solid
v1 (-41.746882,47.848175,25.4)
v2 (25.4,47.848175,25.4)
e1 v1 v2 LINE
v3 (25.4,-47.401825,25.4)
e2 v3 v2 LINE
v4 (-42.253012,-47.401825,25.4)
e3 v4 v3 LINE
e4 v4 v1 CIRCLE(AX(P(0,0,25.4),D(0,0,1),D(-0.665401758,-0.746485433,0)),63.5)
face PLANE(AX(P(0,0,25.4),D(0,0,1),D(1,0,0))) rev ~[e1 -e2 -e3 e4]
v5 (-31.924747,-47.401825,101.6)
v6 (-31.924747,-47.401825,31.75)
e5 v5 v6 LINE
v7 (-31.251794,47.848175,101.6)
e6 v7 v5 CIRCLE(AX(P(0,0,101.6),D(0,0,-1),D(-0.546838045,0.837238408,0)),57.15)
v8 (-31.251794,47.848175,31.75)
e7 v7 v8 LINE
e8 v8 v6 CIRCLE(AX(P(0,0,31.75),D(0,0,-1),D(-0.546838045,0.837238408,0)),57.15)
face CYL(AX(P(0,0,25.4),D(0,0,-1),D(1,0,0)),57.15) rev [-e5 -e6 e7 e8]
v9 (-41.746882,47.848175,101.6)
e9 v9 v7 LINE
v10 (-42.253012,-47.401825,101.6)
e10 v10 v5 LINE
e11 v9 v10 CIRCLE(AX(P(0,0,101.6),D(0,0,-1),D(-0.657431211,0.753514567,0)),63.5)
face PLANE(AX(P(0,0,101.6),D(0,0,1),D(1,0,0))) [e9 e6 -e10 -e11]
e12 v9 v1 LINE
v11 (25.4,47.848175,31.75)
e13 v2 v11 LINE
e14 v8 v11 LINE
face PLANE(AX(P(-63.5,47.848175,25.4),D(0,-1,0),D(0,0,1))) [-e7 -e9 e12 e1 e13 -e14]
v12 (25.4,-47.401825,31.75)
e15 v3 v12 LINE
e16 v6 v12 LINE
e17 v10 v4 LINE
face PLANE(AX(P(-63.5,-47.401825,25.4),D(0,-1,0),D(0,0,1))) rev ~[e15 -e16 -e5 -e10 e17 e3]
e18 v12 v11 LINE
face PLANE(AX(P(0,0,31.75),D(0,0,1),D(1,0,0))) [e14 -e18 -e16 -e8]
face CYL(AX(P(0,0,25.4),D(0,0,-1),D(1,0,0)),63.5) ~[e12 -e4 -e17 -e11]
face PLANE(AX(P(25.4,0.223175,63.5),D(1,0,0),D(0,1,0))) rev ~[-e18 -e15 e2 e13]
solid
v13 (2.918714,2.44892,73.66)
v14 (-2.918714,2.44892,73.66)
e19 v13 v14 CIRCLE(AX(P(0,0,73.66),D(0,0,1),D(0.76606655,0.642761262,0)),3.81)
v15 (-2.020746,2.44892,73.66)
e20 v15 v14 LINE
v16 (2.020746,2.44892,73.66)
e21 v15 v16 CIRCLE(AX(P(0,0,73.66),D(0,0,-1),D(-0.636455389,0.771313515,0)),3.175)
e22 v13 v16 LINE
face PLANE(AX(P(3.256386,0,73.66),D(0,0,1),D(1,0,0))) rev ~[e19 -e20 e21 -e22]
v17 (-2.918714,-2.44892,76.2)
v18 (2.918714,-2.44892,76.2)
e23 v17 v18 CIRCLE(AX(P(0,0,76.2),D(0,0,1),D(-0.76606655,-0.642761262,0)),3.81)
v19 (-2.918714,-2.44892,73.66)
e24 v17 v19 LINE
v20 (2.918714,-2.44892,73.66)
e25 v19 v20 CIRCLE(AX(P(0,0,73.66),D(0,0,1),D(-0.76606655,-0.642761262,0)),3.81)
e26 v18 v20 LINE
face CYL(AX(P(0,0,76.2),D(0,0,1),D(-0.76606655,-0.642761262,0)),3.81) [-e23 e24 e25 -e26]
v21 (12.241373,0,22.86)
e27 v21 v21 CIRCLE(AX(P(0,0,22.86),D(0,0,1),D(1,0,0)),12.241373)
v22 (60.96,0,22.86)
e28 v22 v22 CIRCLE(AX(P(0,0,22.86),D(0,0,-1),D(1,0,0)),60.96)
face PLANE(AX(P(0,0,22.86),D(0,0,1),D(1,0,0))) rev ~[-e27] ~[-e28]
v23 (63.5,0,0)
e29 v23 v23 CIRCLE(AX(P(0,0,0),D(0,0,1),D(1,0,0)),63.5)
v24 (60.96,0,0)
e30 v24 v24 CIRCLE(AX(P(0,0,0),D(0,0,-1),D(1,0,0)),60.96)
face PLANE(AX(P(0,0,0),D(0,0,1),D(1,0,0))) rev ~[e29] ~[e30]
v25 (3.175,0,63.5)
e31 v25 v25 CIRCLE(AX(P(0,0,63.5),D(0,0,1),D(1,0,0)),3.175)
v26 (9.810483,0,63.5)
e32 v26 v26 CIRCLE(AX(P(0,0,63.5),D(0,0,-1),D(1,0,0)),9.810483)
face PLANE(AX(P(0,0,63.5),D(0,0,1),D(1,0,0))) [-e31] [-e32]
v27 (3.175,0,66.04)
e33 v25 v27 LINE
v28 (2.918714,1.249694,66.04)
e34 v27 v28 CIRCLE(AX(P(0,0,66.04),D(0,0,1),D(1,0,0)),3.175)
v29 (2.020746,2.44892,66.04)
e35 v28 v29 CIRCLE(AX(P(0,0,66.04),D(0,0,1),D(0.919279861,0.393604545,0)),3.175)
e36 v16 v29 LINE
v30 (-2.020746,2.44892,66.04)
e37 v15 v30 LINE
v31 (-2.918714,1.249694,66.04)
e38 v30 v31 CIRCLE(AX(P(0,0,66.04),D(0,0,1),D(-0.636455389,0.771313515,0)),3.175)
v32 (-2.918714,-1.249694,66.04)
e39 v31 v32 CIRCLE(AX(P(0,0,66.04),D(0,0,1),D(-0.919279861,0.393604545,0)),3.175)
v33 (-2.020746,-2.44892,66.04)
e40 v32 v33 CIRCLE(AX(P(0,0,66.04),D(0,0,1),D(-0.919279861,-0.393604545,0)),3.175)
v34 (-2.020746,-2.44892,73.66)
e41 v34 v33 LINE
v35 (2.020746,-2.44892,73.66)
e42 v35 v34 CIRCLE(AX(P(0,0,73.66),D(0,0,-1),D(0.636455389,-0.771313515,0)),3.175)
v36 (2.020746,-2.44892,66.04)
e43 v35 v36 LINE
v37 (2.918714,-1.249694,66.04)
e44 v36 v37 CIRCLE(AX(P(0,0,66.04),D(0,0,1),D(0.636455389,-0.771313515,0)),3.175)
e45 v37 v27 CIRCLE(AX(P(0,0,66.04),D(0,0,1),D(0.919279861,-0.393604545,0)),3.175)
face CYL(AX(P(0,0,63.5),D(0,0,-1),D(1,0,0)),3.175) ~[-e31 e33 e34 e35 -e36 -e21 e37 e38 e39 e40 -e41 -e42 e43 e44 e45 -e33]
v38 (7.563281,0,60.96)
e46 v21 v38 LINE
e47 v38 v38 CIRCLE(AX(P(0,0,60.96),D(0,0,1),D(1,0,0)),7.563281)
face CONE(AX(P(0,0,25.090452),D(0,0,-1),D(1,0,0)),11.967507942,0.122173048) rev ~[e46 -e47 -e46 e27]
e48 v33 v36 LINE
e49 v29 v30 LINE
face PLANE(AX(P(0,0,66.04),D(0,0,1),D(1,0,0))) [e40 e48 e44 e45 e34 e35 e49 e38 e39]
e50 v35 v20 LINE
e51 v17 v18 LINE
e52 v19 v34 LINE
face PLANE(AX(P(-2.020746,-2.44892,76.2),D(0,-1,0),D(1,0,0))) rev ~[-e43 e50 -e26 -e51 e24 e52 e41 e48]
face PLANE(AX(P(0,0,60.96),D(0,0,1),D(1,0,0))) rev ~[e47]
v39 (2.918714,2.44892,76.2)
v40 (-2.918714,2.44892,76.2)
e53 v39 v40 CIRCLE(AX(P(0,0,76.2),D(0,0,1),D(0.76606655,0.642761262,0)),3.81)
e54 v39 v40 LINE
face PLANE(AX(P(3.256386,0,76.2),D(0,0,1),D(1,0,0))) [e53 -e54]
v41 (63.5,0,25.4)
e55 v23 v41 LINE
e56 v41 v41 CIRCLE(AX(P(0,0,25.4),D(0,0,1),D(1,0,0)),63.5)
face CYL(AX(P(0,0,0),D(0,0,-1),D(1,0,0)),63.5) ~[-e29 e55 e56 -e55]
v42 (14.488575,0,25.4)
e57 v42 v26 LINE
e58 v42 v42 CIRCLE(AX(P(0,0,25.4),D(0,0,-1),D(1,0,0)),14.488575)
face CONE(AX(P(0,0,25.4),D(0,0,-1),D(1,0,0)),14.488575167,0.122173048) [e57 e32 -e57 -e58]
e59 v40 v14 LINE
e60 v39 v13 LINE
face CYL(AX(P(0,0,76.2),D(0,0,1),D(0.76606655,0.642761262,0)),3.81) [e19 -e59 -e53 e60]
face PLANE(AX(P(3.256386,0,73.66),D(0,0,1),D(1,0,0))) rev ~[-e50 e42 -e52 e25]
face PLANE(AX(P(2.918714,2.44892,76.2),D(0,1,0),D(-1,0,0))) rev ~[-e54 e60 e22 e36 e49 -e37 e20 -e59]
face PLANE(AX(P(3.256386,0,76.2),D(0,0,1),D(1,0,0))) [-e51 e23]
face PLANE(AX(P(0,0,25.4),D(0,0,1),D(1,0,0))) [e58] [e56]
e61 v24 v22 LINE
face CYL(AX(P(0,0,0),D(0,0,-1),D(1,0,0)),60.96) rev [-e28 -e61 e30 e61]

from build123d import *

# Parameters (mm, degrees)
F0_R      = 63.5
F1_DEPTH  = 25.4
F3_R      = 63.5
F4_DEPTH  = 76.2
F7_T      = -6.35
F10_W     = 95.25
F10_H     = 76.2
F11_DEPTH = 88.9
F12_R     = 14.488575167
F13_DEPTH = 38.1
F13_TAPER = 7
F14_T     = -2.54
F15_R     = 3.175
F16_DEPTH = 12.7
F18_DEPTH = 2.54
F19_DEPTH = 10.16
F20_DEPTH = 10.16


with BuildPart() as f1:
    # F0 (on Top) → F1 (new body)
    with BuildSketch(Plane.XY):
        Circle(F0_R)
    extrude(amount=F1_DEPTH)

    # F12 (on offset) → F13 (join)
    with BuildSketch(Plane.XY.offset(25.4)):
        Circle(F12_R)
    extrude(amount=F13_DEPTH, taper=F13_TAPER)

    # F14
    f14_openings = [f1.faces().sort_by_distance(p)[0] for p in [
        (0, 0, 0),
    ]]
    offset(amount=F14_T, openings=f14_openings, kind=Kind.INTERSECTION)

    # F15 (on face) → F16 (join)
    with BuildSketch(Plane.XY.offset(63.5)):
        Circle(F15_R)
    extrude(amount=F16_DEPTH)

    # F17 (on face) → F18 (join)
    with BuildSketch(Plane.XY.offset(76.2)):
        with BuildLine():
            ThreePointArc((2.9187135572, -2.4489204092), (3.5802512938, -1.3030351774), (3.81, 0))
            ThreePointArc((3.81, 0), (3.5802512938, 1.3030351774), (2.9187135572, 2.4489204092))
            Line((2.9187135572, 2.4489204092), (2.9187135572, 1.249694431))
            ThreePointArc((2.9187135572, 1.249694431), (3.1102685209, 0.6378516504), (3.175, 0))
            ThreePointArc((3.175, 0), (3.1102685209, -0.6378516504), (2.9187135572, -1.249694431))
            Line((2.9187135572, -1.249694431), (2.9187135572, -2.4489204092))
        make_face()
        with BuildLine():
            Line((2.0207458596, 2.4489204092), (2.9187135572, 2.4489204092))
            ThreePointArc((2.9187135572, 2.4489204092), (0, 3.81), (-2.9187135572, 2.4489204092))
            Line((-2.9187135572, 2.4489204092), (-2.0207458596, 2.4489204092))
            ThreePointArc((-2.0207458596, 2.4489204092), (0, 3.175), (2.0207458596, 2.4489204092))
        make_face()
        with BuildLine():
            Line((2.9187135572, 1.249694431), (2.9187135572, 2.4489204092))
            Line((2.9187135572, 2.4489204092), (2.0207458596, 2.4489204092))
            ThreePointArc((2.0207458596, 2.4489204092), (2.5414760612, 1.9030303283), (2.9187135572, 1.249694431))
        make_face()
        with BuildLine():
            ThreePointArc((-2.9187135572, -2.4489204092), (0, -3.81), (2.9187135572, -2.4489204092))
            Line((2.9187135572, -2.4489204092), (2.0207458596, -2.4489204092))
            ThreePointArc((2.0207458596, -2.4489204092), (0, -3.175), (-2.0207458596, -2.4489204092))
            Line((-2.0207458596, -2.4489204092), (-2.9187135572, -2.4489204092))
        make_face()
        with BuildLine():
            Line((2.0207458596, -2.4489204092), (2.9187135572, -2.4489204092))
            Line((2.9187135572, -2.4489204092), (2.9187135572, -1.249694431))
            ThreePointArc((2.9187135572, -1.249694431), (2.5414760612, -1.9030303283), (2.0207458596, -2.4489204092))
        make_face()
        with BuildLine():
            Line((-2.9187135572, 1.249694431), (-2.9187135572, 2.4489204092))
            ThreePointArc((-2.9187135572, 2.4489204092), (-3.81, 0), (-2.9187135572, -2.4489204092))
            Line((-2.9187135572, -2.4489204092), (-2.9187135572, -1.249694431))
            ThreePointArc((-2.9187135572, -1.249694431), (-3.175, 0), (-2.9187135572, 1.249694431))
        make_face()
        with BuildLine():
            Line((-2.0207458596, 2.4489204092), (-2.9187135572, 2.4489204092))
            Line((-2.9187135572, 2.4489204092), (-2.9187135572, 1.249694431))
            ThreePointArc((-2.9187135572, 1.249694431), (-2.5414760612, 1.9030303283), (-2.0207458596, 2.4489204092))
        make_face()
        with BuildLine():
            Line((-2.9187135572, -1.249694431), (-2.9187135572, -2.4489204092))
            Line((-2.9187135572, -2.4489204092), (-2.0207458596, -2.4489204092))
            ThreePointArc((-2.0207458596, -2.4489204092), (-2.5414760612, -1.9030303283), (-2.9187135572, -1.249694431))
        make_face()
    extrude(amount=-F18_DEPTH)

    # F17 (on face) → F19 (cut)
    with BuildSketch(Plane.XY.offset(76.2)):
        with BuildLine():
            ThreePointArc((2.9187135572, 1.249694431), (2.5414760612, 1.9030303283), (2.0207458596, 2.4489204092))
            Line((2.0207458596, 2.4489204092), (-2.0207458596, 2.4489204092))
            ThreePointArc((-2.0207458596, 2.4489204092), (-2.5414760612, 1.9030303283), (-2.9187135572, 1.249694431))
            Line((-2.9187135572, 1.249694431), (-2.9187135572, -1.249694431))
            ThreePointArc((-2.9187135572, -1.249694431), (-2.5414760612, -1.9030303283), (-2.0207458596, -2.4489204092))
            Line((-2.0207458596, -2.4489204092), (2.0207458596, -2.4489204092))
            ThreePointArc((2.0207458596, -2.4489204092), (2.5414760612, -1.9030303283), (2.9187135572, -1.249694431))
            Line((2.9187135572, -1.249694431), (2.9187135572, 1.249694431))
        make_face()
        with BuildLine():
            ThreePointArc((3.175, 0), (3.1102685209, 0.6378516504), (2.9187135572, 1.249694431))
            Line((2.9187135572, 1.249694431), (2.9187135572, -1.249694431))
            ThreePointArc((2.9187135572, -1.249694431), (3.1102685209, -0.6378516504), (3.175, 0))
        make_face()
        with BuildLine():
            Line((-2.9187135572, -1.249694431), (-2.9187135572, 1.249694431))
            ThreePointArc((-2.9187135572, 1.249694431), (-3.175, 0), (-2.9187135572, -1.249694431))
        make_face()
    extrude(amount=-F19_DEPTH, mode=Mode.SUBTRACT)

    # F17 (on face) → F20 (cut)
    with BuildSketch(Plane.XY.offset(76.2)):
        with BuildLine():
            Line((-2.9187135572, -1.249694431), (-2.9187135572, -2.4489204092))
            Line((-2.9187135572, -2.4489204092), (-2.0207458596, -2.4489204092))
            ThreePointArc((-2.0207458596, -2.4489204092), (-2.5414760612, -1.9030303283), (-2.9187135572, -1.249694431))
        make_face()
        with BuildLine():
            Line((-2.0207458596, 2.4489204092), (-2.9187135572, 2.4489204092))
            Line((-2.9187135572, 2.4489204092), (-2.9187135572, 1.249694431))
            ThreePointArc((-2.9187135572, 1.249694431), (-2.5414760612, 1.9030303283), (-2.0207458596, 2.4489204092))
        make_face()
        with BuildLine():
            Line((2.0207458596, -2.4489204092), (2.9187135572, -2.4489204092))
            Line((2.9187135572, -2.4489204092), (2.9187135572, -1.249694431))
            ThreePointArc((2.9187135572, -1.249694431), (2.5414760612, -1.9030303283), (2.0207458596, -2.4489204092))
        make_face()
        with BuildLine():
            Line((2.9187135572, 1.249694431), (2.9187135572, 2.4489204092))
            Line((2.9187135572, 2.4489204092), (2.0207458596, 2.4489204092))
            ThreePointArc((2.0207458596, 2.4489204092), (2.5414760612, 1.9030303283), (2.9187135572, 1.249694431))
        make_face()
        with BuildLine():
            Line((-2.9187135572, 1.249694431), (-2.9187135572, 2.4489204092))
            ThreePointArc((-2.9187135572, 2.4489204092), (-3.81, 0), (-2.9187135572, -2.4489204092))
            Line((-2.9187135572, -2.4489204092), (-2.9187135572, -1.249694431))
            ThreePointArc((-2.9187135572, -1.249694431), (-3.175, 0), (-2.9187135572, 1.249694431))
        make_face()
        with BuildLine():
            ThreePointArc((2.9187135572, -2.4489204092), (3.5802512938, -1.3030351774), (3.81, 0))
            ThreePointArc((3.81, 0), (3.5802512938, 1.3030351774), (2.9187135572, 2.4489204092))
            Line((2.9187135572, 2.4489204092), (2.9187135572, 1.249694431))
            ThreePointArc((2.9187135572, 1.249694431), (3.1102685209, 0.6378516504), (3.175, 0))
            ThreePointArc((3.175, 0), (3.1102685209, -0.6378516504), (2.9187135572, -1.249694431))
            Line((2.9187135572, -1.249694431), (2.9187135572, -2.4489204092))
        make_face()
    extrude(amount=-F20_DEPTH, mode=Mode.SUBTRACT)


with BuildPart() as f4:
    # F3 (on offset) → F4 (new body)
    with BuildSketch(Plane.XY.offset(25.4)):
        Circle(F3_R)
    extrude(amount=F4_DEPTH)

    # F7
    f7_openings = [f4.faces().sort_by_distance(p)[0] for p in [
        (0, 0, 101.6),
    ]]
    offset(amount=F7_T, openings=f7_openings)

    # F10 (on offset) → F11 (cut)
    with BuildSketch(Plane.YZ.offset(-63.5)):
        with Locations((0.2231750339, 63.5)):
            Rectangle(F10_W, F10_H)
    extrude(amount=F11_DEPTH, mode=Mode.SUBTRACT)


solid = Compound([f1.part, f4.part])
